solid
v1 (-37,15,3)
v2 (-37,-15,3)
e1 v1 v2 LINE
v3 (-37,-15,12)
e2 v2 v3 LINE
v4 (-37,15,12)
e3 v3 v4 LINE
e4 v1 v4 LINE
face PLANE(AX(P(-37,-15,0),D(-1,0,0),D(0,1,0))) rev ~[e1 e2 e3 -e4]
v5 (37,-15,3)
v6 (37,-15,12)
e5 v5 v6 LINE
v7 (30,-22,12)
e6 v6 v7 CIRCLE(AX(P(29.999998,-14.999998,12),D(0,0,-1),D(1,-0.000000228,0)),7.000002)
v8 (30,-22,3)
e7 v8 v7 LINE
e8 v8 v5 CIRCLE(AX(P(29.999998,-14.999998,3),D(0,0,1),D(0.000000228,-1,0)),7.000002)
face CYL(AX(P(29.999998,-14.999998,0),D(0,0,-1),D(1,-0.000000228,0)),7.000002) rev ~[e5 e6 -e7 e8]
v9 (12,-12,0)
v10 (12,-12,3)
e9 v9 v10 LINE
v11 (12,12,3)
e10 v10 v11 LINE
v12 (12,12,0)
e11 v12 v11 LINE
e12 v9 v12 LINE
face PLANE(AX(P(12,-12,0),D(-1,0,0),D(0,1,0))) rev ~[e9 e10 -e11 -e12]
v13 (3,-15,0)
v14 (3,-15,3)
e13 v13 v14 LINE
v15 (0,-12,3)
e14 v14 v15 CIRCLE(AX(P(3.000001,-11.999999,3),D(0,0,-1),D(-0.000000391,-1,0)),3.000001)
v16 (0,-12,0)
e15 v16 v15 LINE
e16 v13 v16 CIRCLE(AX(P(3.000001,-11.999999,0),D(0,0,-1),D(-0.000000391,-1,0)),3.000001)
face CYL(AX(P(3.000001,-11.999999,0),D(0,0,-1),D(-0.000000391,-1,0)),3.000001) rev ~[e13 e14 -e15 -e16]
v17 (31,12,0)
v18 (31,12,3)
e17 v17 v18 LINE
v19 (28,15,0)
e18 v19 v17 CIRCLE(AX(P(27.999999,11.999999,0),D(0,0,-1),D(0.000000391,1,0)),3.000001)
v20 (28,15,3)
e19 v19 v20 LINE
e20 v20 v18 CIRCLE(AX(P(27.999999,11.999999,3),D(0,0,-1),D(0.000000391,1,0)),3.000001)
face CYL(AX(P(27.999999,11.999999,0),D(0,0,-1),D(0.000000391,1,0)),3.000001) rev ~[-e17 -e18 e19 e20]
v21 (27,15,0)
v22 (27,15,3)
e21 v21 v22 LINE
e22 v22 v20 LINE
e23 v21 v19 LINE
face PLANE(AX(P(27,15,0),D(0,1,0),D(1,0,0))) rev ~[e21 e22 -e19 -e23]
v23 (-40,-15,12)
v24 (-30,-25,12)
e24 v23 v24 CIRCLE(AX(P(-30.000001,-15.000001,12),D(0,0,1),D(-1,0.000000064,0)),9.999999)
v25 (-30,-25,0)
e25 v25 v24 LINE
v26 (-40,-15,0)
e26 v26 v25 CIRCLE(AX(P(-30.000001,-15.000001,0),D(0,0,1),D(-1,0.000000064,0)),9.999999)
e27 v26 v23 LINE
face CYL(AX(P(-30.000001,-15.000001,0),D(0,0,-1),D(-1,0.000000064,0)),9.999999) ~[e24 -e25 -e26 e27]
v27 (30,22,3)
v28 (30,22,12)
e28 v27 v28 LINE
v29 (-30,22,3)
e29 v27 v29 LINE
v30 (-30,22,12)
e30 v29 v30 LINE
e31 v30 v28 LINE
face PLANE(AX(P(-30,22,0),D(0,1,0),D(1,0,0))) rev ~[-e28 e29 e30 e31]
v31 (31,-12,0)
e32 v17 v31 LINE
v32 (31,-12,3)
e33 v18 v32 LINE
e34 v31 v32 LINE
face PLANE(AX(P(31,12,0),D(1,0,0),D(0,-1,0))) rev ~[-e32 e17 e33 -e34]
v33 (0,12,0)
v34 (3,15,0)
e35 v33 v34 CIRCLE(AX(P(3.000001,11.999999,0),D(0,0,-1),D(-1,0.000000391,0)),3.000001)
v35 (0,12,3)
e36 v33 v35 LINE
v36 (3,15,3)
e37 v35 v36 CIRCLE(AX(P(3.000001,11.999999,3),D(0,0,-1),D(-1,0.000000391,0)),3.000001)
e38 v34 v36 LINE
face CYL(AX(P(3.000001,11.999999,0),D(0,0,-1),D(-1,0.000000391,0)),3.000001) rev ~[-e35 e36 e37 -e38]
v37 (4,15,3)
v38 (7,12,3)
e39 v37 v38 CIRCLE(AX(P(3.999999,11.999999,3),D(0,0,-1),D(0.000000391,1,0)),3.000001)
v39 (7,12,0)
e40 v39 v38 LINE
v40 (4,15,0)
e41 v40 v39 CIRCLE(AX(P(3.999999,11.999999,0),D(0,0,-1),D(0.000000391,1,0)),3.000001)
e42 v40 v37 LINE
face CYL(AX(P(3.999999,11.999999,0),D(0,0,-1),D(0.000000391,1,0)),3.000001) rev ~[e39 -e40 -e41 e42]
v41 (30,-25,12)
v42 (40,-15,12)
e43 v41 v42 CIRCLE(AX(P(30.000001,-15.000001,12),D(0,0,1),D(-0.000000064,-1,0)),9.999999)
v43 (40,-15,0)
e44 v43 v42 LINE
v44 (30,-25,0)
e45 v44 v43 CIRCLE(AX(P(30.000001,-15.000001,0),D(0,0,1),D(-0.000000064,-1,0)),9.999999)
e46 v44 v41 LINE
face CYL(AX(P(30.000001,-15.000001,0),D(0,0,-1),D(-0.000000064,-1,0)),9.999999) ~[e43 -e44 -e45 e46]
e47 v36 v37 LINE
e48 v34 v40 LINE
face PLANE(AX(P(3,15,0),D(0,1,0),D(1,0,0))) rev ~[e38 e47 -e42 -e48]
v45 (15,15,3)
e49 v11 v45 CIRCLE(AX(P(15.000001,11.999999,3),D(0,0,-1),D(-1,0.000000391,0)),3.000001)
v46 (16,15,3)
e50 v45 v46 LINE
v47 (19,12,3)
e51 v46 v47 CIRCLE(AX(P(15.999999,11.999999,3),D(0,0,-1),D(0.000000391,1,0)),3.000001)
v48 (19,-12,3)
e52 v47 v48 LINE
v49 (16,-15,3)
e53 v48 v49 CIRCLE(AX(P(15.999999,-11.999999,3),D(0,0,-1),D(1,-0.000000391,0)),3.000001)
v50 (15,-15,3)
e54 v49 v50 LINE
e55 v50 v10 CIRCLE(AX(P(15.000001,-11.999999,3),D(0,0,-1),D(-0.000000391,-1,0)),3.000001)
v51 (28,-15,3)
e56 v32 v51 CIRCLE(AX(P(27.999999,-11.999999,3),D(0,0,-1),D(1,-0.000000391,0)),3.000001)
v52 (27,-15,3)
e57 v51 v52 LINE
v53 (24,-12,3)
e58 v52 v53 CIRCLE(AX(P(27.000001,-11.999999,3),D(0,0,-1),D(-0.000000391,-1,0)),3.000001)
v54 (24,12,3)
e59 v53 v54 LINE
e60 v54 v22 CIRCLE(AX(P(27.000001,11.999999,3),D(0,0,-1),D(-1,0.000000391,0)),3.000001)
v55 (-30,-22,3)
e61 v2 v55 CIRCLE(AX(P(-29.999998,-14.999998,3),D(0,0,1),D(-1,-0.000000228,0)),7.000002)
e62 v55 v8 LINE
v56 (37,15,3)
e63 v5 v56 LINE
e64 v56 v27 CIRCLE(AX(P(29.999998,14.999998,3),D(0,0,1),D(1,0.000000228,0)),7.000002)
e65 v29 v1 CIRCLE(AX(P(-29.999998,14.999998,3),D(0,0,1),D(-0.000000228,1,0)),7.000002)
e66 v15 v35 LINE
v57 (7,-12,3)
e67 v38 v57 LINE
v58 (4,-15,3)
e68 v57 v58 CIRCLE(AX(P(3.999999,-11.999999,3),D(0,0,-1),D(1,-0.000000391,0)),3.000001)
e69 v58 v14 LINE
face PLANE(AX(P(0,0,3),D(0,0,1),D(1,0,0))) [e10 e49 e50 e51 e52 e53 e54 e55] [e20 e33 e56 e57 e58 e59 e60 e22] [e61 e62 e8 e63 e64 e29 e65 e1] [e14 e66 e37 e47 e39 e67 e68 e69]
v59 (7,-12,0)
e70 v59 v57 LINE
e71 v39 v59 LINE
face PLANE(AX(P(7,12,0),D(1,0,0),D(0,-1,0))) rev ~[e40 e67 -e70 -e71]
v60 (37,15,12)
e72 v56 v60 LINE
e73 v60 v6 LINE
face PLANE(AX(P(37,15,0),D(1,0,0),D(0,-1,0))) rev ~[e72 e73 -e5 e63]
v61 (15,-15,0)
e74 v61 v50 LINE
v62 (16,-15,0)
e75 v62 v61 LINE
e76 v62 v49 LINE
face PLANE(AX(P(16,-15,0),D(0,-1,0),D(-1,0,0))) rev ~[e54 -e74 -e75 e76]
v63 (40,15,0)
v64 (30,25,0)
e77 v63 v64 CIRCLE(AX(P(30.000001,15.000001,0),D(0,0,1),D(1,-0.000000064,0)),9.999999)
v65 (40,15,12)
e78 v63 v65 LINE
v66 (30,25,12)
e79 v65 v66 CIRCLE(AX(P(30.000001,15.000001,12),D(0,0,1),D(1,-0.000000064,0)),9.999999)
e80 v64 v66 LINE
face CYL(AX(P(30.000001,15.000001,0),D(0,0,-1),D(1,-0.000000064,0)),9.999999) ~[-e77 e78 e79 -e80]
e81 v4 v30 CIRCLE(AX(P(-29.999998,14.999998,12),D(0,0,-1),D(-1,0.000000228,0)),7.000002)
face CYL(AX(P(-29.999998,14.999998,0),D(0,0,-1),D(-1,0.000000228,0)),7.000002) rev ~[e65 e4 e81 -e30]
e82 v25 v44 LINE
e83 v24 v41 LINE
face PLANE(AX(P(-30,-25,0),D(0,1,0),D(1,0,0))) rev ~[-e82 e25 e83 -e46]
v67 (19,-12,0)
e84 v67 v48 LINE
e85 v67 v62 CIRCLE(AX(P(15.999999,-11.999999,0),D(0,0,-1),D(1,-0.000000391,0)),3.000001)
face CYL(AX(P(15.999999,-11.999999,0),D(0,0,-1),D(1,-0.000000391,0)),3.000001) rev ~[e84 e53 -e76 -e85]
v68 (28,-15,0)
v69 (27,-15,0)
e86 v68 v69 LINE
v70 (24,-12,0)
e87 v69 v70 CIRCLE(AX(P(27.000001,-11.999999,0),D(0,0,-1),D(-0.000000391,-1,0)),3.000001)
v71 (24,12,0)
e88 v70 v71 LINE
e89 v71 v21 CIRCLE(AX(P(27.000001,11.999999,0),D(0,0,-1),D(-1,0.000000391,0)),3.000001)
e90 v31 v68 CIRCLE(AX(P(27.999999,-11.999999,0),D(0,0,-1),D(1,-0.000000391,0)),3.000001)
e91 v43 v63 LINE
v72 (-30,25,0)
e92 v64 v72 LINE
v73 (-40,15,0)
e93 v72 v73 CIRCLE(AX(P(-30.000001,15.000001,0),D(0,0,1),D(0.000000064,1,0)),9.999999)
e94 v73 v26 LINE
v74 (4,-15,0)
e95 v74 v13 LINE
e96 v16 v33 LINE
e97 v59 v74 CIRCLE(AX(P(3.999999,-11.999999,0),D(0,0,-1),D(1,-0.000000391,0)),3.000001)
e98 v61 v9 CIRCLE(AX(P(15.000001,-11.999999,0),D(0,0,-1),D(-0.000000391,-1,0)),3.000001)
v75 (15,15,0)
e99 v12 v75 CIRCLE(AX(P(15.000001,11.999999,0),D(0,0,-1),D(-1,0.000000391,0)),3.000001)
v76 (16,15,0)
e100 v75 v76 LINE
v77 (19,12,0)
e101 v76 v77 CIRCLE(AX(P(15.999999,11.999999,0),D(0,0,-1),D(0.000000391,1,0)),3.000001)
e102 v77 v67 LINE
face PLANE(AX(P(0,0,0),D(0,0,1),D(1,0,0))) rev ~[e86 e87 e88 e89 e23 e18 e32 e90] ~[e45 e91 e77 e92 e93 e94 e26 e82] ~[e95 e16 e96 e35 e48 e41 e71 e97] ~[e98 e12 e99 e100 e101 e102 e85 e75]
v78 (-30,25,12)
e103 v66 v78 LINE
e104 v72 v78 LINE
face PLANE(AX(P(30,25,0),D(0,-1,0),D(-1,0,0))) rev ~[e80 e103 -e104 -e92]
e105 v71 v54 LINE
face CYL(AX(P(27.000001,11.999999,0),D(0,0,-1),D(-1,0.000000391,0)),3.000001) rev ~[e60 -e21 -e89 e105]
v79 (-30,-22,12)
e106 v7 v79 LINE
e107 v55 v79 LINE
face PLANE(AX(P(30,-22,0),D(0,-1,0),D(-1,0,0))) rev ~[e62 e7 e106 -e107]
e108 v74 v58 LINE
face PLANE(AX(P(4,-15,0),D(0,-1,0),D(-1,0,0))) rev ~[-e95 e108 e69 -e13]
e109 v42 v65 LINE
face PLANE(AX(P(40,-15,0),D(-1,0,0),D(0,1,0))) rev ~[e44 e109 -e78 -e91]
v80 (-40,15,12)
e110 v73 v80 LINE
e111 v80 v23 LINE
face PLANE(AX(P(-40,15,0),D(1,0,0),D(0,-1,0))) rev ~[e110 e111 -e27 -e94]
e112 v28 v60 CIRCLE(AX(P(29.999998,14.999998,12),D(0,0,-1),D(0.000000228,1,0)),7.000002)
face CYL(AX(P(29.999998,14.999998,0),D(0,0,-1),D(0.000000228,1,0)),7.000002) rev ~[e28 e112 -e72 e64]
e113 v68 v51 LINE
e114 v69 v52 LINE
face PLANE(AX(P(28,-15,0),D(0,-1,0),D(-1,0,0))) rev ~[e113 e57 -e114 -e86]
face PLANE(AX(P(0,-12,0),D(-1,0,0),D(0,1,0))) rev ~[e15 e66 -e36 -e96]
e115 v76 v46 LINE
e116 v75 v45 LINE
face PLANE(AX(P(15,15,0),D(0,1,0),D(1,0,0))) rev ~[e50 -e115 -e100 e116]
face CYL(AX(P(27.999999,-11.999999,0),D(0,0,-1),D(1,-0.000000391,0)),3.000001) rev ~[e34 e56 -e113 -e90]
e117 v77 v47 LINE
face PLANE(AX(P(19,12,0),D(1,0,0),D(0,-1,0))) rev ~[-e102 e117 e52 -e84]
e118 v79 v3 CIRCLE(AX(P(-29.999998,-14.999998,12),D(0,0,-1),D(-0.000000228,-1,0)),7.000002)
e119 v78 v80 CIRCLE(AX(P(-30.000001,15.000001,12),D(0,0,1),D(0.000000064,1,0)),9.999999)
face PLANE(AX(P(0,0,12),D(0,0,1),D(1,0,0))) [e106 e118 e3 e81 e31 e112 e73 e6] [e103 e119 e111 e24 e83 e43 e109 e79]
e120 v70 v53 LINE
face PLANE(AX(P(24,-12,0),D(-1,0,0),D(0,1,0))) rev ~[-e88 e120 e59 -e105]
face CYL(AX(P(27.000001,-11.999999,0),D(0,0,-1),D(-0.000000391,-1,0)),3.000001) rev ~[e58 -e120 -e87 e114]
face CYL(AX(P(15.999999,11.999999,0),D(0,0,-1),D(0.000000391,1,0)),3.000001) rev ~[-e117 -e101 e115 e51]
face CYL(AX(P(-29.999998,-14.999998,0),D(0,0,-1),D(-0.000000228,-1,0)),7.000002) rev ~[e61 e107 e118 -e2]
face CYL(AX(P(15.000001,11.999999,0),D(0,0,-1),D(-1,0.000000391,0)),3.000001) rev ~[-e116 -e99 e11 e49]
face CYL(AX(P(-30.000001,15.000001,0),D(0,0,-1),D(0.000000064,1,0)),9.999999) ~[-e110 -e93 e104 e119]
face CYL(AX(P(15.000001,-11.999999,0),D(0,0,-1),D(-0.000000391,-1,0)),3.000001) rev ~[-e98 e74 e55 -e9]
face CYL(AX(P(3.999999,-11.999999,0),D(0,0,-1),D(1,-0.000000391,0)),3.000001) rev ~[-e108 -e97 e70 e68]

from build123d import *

# Parameters (mm, degrees)
F1_DEPTH = 3
F2_DEPTH = 12


with BuildPart() as f1:
    # F0 (on Top) → F1 (new body)
    with BuildSketch(Plane.XY):
        with BuildLine():
            Line((37, -15), (37, 15))
            ThreePointArc((37, 15), (34.949747, 19.949747), (30, 22))
            Line((30, 22), (-30, 22))
            ThreePointArc((-30, 22), (-34.949747, 19.949747), (-37, 15))
            Line((-37, 15), (-37, -15))
            ThreePointArc((-37, -15), (-34.949747, -19.949747), (-30, -22))
            Line((-30, -22), (30, -22))
            ThreePointArc((30, -22), (34.949747, -19.949747), (37, -15))
        make_face()
        with BuildLine():
            ThreePointArc((0, 12), (0.87868, 14.12132), (3, 15))
            Line((3, 15), (4, 15))
            ThreePointArc((4, 15), (6.12132, 14.12132), (7, 12))
            Line((7, 12), (7, -12))
            ThreePointArc((7, -12), (6.12132, -14.12132), (4, -15))
            Line((4, -15), (3, -15))
            ThreePointArc((3, -15), (0.87868, -14.12132), (0, -12))
            Line((0, -12), (0, 12))
        make_face(mode=Mode.SUBTRACT)
        with BuildLine():
            ThreePointArc((16, 15), (18.12132, 14.12132), (19, 12))
            Line((19, 12), (19, -12))
            ThreePointArc((19, -12), (18.12132, -14.12132), (16, -15))
            Line((16, -15), (15, -15))
            ThreePointArc((15, -15), (12.87868, -14.12132), (12, -12))
            Line((12, -12), (12, 12))
            ThreePointArc((12, 12), (12.87868, 14.12132), (15, 15))
            Line((15, 15), (16, 15))
        make_face(mode=Mode.SUBTRACT)
        with BuildLine():
            ThreePointArc((28, 15), (30.12132, 14.12132), (31, 12))
            Line((31, 12), (31, -12))
            ThreePointArc((31, -12), (30.12132, -14.12132), (28, -15))
            Line((28, -15), (27, -15))
            ThreePointArc((27, -15), (24.87868, -14.12132), (24, -12))
            Line((24, -12), (24, 12))
            ThreePointArc((24, 12), (24.87868, 14.12132), (27, 15))
            Line((27, 15), (28, 15))
        make_face(mode=Mode.SUBTRACT)
    extrude(amount=F1_DEPTH)

    # F0 (on Top) → F2 (join)
    with BuildSketch(Plane.XY):
        with BuildLine():
            ThreePointArc((40, 15), (37.071068, 22.071068), (30, 25))
            Line((30, 25), (-30, 25))
            ThreePointArc((-30, 25), (-37.071068, 22.071068), (-40, 15))
            Line((-40, 15), (-40, -15))
            ThreePointArc((-40, -15), (-37.071068, -22.071068), (-30, -25))
            Line((-30, -25), (30, -25))
            ThreePointArc((30, -25), (37.071068, -22.071068), (40, -15))
            Line((40, -15), (40, 15))
        make_face()
        with BuildLine():
            ThreePointArc((30, 22), (34.949747, 19.949747), (37, 15))
            Line((37, 15), (37, -15))
            ThreePointArc((37, -15), (34.949747, -19.949747), (30, -22))
            Line((30, -22), (-30, -22))
            ThreePointArc((-30, -22), (-34.949747, -19.949747), (-37, -15))
            Line((-37, -15), (-37, 15))
            ThreePointArc((-37, 15), (-34.949747, 19.949747), (-30, 22))
            Line((-30, 22), (30, 22))
        make_face(mode=Mode.SUBTRACT)
    extrude(amount=F2_DEPTH)


solid = f1.part
